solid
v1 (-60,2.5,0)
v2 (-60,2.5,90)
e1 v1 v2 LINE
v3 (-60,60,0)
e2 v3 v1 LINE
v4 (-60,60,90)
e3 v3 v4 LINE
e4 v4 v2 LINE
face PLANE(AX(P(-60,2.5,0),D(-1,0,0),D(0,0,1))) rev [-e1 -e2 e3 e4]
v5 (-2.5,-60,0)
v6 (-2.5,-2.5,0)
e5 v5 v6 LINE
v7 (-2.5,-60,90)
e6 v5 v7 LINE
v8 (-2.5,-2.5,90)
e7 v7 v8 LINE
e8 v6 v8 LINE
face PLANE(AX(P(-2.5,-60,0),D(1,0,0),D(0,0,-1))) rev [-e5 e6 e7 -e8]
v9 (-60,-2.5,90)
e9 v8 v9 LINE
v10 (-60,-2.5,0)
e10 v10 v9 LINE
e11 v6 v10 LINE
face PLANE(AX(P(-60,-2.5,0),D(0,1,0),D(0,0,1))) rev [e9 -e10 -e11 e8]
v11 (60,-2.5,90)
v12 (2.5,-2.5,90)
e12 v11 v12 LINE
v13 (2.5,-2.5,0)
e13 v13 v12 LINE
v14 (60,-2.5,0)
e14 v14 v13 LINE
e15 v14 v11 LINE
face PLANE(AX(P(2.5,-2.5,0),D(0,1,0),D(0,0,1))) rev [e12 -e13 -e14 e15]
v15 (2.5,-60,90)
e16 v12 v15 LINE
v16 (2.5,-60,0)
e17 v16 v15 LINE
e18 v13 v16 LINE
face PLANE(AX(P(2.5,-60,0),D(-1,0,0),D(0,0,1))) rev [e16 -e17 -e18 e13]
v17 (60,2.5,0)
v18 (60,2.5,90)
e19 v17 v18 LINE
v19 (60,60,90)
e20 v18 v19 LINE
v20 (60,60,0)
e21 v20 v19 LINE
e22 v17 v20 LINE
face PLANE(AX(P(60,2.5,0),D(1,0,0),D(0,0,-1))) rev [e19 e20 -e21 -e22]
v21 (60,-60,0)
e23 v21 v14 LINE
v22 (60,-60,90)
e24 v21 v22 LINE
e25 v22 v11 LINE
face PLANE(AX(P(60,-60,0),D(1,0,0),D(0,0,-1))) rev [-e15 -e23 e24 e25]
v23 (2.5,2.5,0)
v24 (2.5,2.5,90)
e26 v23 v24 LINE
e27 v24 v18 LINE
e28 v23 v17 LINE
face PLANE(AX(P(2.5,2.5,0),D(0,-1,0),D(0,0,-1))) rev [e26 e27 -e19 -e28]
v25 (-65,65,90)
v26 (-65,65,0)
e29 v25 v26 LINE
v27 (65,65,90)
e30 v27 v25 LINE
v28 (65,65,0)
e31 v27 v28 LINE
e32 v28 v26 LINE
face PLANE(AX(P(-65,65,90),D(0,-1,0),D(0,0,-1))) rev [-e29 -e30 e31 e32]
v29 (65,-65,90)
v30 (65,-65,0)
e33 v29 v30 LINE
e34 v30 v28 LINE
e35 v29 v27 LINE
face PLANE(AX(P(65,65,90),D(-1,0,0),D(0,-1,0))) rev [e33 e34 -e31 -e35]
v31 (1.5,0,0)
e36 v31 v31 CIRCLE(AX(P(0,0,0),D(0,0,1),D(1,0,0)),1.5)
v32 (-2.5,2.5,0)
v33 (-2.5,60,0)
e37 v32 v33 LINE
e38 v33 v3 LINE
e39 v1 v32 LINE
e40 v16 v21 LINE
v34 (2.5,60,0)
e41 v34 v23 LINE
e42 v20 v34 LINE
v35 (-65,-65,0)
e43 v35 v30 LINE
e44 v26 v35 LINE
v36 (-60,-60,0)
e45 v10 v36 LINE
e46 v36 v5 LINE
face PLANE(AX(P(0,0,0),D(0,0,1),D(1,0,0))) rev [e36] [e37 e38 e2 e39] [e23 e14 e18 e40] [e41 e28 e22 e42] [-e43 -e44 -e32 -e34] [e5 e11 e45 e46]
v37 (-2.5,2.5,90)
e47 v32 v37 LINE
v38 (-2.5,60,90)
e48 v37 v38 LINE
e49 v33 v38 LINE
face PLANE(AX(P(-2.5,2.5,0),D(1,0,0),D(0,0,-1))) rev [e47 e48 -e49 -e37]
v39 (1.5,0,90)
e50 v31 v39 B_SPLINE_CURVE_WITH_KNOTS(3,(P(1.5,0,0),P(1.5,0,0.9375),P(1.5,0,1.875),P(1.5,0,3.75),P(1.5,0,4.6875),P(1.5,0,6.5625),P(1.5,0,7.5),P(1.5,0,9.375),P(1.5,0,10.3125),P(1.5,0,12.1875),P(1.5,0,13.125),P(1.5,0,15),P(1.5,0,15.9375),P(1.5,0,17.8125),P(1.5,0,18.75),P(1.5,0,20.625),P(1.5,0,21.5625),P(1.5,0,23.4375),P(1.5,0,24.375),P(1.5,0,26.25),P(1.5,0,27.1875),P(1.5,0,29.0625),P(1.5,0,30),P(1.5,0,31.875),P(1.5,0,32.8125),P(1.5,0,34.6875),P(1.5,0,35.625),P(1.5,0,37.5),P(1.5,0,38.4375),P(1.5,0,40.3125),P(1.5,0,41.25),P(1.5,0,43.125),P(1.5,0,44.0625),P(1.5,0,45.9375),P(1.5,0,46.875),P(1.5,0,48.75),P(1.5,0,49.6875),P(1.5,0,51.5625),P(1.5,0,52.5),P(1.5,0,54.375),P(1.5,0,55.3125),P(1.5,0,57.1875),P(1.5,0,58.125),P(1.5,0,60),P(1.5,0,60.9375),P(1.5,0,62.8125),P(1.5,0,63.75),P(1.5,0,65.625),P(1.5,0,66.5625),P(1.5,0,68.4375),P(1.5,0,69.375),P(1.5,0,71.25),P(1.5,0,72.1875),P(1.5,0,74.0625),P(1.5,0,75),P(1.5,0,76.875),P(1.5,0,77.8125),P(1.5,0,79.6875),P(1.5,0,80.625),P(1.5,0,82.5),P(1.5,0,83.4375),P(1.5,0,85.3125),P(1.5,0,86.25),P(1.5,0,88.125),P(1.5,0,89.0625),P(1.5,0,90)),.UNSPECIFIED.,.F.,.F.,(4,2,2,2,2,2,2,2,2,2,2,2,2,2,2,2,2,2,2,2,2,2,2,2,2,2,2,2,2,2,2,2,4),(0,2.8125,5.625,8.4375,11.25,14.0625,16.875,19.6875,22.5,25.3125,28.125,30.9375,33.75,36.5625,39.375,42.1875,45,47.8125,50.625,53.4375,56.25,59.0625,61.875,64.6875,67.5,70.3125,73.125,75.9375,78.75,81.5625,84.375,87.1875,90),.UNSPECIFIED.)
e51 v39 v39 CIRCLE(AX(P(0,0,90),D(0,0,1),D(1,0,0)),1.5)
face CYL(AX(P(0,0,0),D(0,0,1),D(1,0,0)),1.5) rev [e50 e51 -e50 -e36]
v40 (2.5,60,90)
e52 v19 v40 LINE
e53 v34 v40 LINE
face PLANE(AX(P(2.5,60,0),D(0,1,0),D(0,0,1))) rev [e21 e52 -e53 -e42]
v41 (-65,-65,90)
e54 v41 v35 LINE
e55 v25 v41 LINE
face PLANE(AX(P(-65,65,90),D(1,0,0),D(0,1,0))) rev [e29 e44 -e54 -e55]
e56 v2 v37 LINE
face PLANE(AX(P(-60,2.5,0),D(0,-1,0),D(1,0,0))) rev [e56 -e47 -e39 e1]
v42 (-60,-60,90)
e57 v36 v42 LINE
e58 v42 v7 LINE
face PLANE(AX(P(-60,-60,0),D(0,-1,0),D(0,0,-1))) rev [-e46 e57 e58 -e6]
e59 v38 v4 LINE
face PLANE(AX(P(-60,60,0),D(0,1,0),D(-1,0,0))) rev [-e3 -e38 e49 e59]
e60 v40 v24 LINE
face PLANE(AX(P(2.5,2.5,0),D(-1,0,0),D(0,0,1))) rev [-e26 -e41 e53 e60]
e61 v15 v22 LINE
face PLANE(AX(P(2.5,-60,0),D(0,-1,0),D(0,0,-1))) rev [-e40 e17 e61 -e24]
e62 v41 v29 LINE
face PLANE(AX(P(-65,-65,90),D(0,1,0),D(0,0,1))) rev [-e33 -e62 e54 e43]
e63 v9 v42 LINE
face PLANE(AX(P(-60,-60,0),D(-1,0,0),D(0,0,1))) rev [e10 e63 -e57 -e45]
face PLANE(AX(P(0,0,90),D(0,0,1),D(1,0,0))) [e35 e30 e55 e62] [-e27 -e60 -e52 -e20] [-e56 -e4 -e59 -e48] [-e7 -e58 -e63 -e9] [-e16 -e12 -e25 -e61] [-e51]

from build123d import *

# Parameters (mm, degrees)
SKICA1_W                 = 130
SKICA1_H                 = 130
P_IDAT_VYSUNUT_M1_DEPTH  = 90
SKICA3_W                 = 57.5
SKICA3_H                 = 57.5
ODEBRAT_VYSUNUT_M1_DEPTH = 90
SKICA4_R                 = 1.5
ODEBRAT_VYSUNUT_M2_DEPTH = 90


with BuildPart() as part:
    # Skica1 → Přidat vysunutím1 (new body)
    with BuildSketch(Plane.XY):
        Rectangle(SKICA1_W, SKICA1_H)
    extrude(amount=P_IDAT_VYSUNUT_M1_DEPTH)

    # Skica3 → Odebrat vysunutím1 (cut)
    with BuildSketch(Plane.XY.offset(90)):
        with Locations((-31.25, 31.25)):
            Rectangle(SKICA3_W, SKICA3_H)
        with Locations((31.25, 31.25)):
            Rectangle(SKICA3_W, SKICA3_H)
        with Locations((-31.25, -31.25)):
            Rectangle(SKICA3_W, SKICA3_H)
        with Locations((31.25, -31.25)):
            Rectangle(SKICA3_W, SKICA3_H)
    extrude(amount=-ODEBRAT_VYSUNUT_M1_DEPTH, mode=Mode.SUBTRACT)

    # Skica4 → Odebrat vysunutím2 (cut)
    with BuildSketch(Plane.XY.offset(90)):
        Circle(SKICA4_R)
    extrude(amount=-ODEBRAT_VYSUNUT_M2_DEPTH, mode=Mode.SUBTRACT)


solid = part.part
